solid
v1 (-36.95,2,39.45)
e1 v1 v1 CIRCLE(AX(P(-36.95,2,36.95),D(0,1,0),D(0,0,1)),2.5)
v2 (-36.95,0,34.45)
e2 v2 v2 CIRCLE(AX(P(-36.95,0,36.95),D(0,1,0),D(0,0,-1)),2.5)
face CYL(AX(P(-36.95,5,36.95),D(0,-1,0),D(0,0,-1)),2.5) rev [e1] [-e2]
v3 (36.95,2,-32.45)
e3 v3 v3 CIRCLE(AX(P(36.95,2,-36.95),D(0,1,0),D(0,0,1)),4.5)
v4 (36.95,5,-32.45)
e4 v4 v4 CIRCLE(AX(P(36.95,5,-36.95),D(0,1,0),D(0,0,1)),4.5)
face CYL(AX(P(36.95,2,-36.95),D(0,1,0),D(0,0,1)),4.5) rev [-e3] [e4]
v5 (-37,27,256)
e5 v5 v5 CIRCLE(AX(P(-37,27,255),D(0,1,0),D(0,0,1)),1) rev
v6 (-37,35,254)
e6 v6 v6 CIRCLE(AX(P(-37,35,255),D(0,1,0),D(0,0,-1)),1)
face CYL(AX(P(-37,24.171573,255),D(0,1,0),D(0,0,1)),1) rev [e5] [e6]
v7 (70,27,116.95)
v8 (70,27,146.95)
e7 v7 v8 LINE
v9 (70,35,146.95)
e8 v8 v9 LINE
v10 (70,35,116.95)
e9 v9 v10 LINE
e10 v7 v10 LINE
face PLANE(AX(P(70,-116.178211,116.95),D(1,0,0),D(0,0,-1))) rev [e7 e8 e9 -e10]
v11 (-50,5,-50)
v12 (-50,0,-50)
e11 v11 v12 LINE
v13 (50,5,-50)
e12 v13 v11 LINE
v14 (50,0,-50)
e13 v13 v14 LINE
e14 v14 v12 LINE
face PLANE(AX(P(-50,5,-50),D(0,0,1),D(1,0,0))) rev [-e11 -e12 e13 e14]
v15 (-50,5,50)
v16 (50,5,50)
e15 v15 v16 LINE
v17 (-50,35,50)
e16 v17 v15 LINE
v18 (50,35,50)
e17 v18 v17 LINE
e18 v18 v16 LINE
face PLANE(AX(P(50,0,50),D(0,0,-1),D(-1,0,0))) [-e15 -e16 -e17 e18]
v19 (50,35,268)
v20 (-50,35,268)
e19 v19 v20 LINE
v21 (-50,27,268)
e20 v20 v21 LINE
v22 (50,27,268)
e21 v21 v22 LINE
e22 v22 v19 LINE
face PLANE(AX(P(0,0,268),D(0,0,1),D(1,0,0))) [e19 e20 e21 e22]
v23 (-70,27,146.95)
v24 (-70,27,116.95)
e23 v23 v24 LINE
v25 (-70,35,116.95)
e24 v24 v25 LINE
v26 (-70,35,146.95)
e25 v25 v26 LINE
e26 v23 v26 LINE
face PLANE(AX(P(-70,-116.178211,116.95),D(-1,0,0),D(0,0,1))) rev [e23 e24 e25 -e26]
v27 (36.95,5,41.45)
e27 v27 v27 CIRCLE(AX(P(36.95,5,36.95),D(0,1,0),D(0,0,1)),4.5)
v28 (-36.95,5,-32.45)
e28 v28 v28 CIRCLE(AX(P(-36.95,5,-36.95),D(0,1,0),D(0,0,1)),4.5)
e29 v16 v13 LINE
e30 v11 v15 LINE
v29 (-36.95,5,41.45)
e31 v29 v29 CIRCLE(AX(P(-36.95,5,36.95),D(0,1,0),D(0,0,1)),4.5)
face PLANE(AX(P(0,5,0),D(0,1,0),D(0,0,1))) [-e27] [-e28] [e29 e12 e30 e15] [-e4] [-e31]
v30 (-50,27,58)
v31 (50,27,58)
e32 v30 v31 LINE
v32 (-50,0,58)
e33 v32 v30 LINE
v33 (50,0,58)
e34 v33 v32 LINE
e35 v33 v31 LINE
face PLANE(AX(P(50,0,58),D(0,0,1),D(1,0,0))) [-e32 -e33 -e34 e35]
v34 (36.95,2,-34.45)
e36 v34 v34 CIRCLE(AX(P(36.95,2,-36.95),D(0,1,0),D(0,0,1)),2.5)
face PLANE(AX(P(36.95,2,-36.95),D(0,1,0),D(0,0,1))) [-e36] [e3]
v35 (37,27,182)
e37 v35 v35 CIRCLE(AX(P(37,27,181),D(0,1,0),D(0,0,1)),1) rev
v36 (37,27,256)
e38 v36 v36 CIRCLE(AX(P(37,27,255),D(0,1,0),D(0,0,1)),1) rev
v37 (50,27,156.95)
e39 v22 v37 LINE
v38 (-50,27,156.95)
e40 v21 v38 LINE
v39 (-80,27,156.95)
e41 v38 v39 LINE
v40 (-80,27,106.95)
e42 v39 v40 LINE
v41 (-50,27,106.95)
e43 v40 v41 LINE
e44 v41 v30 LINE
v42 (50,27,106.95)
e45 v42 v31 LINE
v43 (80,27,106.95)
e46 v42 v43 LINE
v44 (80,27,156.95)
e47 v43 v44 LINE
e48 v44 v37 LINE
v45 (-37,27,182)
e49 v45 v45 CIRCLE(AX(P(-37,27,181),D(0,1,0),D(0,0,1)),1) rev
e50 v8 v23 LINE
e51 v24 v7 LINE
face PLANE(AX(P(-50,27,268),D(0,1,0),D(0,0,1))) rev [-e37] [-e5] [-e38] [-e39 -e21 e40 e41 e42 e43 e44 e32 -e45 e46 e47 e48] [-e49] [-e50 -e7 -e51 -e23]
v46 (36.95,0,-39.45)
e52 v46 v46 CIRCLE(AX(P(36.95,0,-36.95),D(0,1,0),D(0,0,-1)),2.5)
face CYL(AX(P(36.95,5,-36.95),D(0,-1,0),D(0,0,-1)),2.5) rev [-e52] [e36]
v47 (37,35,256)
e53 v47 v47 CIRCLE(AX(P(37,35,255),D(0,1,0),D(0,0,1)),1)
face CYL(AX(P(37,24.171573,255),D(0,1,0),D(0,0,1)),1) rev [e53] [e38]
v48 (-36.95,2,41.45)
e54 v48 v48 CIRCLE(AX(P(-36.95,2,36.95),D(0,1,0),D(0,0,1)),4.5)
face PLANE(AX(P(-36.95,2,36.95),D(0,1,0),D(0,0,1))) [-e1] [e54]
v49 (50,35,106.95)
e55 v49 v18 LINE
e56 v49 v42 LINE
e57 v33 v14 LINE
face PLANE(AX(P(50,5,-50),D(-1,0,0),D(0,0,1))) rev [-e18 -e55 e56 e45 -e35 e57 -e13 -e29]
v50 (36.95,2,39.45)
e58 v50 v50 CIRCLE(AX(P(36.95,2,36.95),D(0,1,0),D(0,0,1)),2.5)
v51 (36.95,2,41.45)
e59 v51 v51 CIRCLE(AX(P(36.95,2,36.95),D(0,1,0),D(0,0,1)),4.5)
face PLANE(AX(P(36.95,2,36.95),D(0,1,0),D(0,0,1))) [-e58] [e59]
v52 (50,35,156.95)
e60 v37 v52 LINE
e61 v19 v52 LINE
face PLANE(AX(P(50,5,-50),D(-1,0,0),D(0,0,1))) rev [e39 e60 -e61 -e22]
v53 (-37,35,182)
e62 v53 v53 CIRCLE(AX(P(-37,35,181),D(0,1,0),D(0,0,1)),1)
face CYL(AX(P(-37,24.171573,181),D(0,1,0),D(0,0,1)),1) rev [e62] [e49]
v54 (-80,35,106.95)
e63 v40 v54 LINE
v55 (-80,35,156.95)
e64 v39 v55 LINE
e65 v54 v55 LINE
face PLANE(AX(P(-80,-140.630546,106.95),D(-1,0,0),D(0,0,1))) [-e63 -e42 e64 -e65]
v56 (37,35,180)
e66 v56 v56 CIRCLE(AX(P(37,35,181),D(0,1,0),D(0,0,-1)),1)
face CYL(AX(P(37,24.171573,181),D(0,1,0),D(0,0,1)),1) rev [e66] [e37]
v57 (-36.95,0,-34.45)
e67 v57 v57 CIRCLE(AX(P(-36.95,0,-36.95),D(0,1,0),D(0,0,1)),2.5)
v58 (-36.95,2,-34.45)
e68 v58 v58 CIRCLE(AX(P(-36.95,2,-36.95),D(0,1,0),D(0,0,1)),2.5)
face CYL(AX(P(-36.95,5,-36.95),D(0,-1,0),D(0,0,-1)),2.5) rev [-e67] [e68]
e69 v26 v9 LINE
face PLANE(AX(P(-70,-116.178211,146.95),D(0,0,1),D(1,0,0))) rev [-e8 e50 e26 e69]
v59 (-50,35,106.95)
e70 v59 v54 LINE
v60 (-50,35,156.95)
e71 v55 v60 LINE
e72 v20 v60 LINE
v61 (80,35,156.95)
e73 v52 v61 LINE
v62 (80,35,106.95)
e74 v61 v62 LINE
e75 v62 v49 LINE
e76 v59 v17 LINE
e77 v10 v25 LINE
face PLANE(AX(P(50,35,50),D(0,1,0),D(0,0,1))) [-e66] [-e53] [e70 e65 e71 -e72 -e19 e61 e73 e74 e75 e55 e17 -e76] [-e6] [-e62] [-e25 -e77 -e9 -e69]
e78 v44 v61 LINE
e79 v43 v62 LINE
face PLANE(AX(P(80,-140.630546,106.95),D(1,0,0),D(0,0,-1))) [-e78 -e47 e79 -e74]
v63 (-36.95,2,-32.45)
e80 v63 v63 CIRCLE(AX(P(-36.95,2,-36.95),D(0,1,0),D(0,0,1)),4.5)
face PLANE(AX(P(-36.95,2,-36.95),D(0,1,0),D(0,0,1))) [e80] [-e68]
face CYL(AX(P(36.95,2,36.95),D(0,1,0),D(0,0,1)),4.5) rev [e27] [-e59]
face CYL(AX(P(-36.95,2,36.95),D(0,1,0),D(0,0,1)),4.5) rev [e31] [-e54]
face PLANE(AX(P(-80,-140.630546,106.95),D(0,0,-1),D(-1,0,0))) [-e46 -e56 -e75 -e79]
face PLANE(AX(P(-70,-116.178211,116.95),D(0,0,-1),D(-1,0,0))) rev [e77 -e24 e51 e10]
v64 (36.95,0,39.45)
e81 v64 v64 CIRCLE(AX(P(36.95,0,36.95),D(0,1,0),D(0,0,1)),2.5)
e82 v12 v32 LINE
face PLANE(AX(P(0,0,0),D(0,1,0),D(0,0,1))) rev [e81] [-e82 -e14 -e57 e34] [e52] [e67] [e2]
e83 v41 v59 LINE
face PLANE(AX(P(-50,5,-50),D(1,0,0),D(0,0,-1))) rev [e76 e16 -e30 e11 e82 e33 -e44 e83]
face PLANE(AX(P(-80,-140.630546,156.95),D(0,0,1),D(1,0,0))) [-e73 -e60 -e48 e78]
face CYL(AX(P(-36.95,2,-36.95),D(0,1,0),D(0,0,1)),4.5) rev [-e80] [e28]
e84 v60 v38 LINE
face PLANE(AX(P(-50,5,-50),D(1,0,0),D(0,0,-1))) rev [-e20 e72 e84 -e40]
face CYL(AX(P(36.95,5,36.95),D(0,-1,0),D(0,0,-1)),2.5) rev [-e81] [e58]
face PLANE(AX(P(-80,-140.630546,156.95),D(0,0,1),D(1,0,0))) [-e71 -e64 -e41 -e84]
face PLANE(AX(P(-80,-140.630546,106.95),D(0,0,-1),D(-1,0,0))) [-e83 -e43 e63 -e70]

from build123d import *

# Parameters (mm, degrees)
SKETCH1_W           = 100
SKETCH1_H           = 100
SKETCH1_R           = 2.5
BOSS_EXTRUDE1_DEPTH = 5
CUT_EXTRUDE1_START  = -5
SKETCH6_R           = 4.5
CUT_EXTRUDE1_DEPTH  = 3
SKETCH8_W           = 8
SKETCH8_H           = 35
BOSS_EXTRUDE2_DEPTH = 100
SKETCH9_W           = 100
SKETCH9_H           = 8
BOSS_EXTRUDE3_DEPTH = 210
SKETCH10_W          = 160
SKETCH10_H          = 50
BOSS_EXTRUDE4_DEPTH = 8
SKETCH11_W          = 140
SKETCH11_H          = 30
CUT_EXTRUDE2_DEPTH  = 8
SKETCH13_R          = 1
CUT_EXTRUDE3_DEPTH  = 8


with BuildPart() as part:
    # Sketch1 → Boss-Extrude1 (new body)
    with BuildSketch(Plane(origin=(0, 0, 0), x_dir=(1, 0, 0), z_dir=(0, 1, 0))):
        Rectangle(SKETCH1_W, SKETCH1_H)
        with Locations((-36.95, 36.95)):
            Circle(SKETCH1_R, mode=Mode.SUBTRACT)
        with Locations((36.95, 36.95)):
            Circle(SKETCH1_R, mode=Mode.SUBTRACT)
        with Locations((36.95, -36.95)):
            Circle(SKETCH1_R, mode=Mode.SUBTRACT)
        with Locations((-36.95, -36.95)):
            Circle(SKETCH1_R, mode=Mode.SUBTRACT)
    extrude(amount=BOSS_EXTRUDE1_DEPTH)

    # Sketch6 → Cut-Extrude1 (cut)
    with BuildSketch(Plane.XZ.offset(CUT_EXTRUDE1_START)):
        with Locations((-36.95, 36.95)):
            Circle(SKETCH6_R)
        with Locations((36.95, 36.95)):
            Circle(SKETCH6_R)
        with Locations((36.95, -36.95)):
            Circle(SKETCH6_R)
        with Locations((-36.95, -36.95)):
            Circle(SKETCH6_R)
    extrude(amount=CUT_EXTRUDE1_DEPTH, mode=Mode.SUBTRACT)

    # Sketch8 → Boss-Extrude2 (add, through all)
    with BuildSketch(Plane.ZY.offset(50)):
        with Locations((54, 17.5)):
            Rectangle(SKETCH8_W, SKETCH8_H)
    extrude(amount=-BOSS_EXTRUDE2_DEPTH)

    # Sketch9 → Boss-Extrude3 (add)
    with BuildSketch(Plane.XY.offset(58)):
        with Locations((0, 31)):
            Rectangle(SKETCH9_W, SKETCH9_H)
    extrude(amount=BOSS_EXTRUDE3_DEPTH)

    # Sketch10 → Boss-Extrude4 (add)
    with BuildSketch(Plane(origin=(0, 35, 0), x_dir=(1, 0, 0), z_dir=(0, 1, 0))):
        with Locations((0, -131.95)):
            Rectangle(SKETCH10_W, SKETCH10_H)
    extrude(amount=-BOSS_EXTRUDE4_DEPTH)

    # Sketch11 → Cut-Extrude2 (cut)
    with BuildSketch(Plane(origin=(0, 35, 0), x_dir=(1, 0, 0), z_dir=(0, 1, 0))):
        with Locations((0, -131.95)):
            Rectangle(SKETCH11_W, SKETCH11_H)
    extrude(amount=-CUT_EXTRUDE2_DEPTH, mode=Mode.SUBTRACT)

    # Sketch13 → Cut-Extrude3 (cut)
    with BuildSketch(Plane(origin=(0, 35, 0), x_dir=(1, 0, 0), z_dir=(0, 1, 0))):
        with Locations((-37, -181)):
            Circle(SKETCH13_R)
        with Locations((37, -181)):
            Circle(SKETCH13_R)
        with Locations((37, -255)):
            Circle(SKETCH13_R)
        with Locations((-37, -255)):
            Circle(SKETCH13_R)
    extrude(amount=-CUT_EXTRUDE3_DEPTH, mode=Mode.SUBTRACT)


solid = part.part
